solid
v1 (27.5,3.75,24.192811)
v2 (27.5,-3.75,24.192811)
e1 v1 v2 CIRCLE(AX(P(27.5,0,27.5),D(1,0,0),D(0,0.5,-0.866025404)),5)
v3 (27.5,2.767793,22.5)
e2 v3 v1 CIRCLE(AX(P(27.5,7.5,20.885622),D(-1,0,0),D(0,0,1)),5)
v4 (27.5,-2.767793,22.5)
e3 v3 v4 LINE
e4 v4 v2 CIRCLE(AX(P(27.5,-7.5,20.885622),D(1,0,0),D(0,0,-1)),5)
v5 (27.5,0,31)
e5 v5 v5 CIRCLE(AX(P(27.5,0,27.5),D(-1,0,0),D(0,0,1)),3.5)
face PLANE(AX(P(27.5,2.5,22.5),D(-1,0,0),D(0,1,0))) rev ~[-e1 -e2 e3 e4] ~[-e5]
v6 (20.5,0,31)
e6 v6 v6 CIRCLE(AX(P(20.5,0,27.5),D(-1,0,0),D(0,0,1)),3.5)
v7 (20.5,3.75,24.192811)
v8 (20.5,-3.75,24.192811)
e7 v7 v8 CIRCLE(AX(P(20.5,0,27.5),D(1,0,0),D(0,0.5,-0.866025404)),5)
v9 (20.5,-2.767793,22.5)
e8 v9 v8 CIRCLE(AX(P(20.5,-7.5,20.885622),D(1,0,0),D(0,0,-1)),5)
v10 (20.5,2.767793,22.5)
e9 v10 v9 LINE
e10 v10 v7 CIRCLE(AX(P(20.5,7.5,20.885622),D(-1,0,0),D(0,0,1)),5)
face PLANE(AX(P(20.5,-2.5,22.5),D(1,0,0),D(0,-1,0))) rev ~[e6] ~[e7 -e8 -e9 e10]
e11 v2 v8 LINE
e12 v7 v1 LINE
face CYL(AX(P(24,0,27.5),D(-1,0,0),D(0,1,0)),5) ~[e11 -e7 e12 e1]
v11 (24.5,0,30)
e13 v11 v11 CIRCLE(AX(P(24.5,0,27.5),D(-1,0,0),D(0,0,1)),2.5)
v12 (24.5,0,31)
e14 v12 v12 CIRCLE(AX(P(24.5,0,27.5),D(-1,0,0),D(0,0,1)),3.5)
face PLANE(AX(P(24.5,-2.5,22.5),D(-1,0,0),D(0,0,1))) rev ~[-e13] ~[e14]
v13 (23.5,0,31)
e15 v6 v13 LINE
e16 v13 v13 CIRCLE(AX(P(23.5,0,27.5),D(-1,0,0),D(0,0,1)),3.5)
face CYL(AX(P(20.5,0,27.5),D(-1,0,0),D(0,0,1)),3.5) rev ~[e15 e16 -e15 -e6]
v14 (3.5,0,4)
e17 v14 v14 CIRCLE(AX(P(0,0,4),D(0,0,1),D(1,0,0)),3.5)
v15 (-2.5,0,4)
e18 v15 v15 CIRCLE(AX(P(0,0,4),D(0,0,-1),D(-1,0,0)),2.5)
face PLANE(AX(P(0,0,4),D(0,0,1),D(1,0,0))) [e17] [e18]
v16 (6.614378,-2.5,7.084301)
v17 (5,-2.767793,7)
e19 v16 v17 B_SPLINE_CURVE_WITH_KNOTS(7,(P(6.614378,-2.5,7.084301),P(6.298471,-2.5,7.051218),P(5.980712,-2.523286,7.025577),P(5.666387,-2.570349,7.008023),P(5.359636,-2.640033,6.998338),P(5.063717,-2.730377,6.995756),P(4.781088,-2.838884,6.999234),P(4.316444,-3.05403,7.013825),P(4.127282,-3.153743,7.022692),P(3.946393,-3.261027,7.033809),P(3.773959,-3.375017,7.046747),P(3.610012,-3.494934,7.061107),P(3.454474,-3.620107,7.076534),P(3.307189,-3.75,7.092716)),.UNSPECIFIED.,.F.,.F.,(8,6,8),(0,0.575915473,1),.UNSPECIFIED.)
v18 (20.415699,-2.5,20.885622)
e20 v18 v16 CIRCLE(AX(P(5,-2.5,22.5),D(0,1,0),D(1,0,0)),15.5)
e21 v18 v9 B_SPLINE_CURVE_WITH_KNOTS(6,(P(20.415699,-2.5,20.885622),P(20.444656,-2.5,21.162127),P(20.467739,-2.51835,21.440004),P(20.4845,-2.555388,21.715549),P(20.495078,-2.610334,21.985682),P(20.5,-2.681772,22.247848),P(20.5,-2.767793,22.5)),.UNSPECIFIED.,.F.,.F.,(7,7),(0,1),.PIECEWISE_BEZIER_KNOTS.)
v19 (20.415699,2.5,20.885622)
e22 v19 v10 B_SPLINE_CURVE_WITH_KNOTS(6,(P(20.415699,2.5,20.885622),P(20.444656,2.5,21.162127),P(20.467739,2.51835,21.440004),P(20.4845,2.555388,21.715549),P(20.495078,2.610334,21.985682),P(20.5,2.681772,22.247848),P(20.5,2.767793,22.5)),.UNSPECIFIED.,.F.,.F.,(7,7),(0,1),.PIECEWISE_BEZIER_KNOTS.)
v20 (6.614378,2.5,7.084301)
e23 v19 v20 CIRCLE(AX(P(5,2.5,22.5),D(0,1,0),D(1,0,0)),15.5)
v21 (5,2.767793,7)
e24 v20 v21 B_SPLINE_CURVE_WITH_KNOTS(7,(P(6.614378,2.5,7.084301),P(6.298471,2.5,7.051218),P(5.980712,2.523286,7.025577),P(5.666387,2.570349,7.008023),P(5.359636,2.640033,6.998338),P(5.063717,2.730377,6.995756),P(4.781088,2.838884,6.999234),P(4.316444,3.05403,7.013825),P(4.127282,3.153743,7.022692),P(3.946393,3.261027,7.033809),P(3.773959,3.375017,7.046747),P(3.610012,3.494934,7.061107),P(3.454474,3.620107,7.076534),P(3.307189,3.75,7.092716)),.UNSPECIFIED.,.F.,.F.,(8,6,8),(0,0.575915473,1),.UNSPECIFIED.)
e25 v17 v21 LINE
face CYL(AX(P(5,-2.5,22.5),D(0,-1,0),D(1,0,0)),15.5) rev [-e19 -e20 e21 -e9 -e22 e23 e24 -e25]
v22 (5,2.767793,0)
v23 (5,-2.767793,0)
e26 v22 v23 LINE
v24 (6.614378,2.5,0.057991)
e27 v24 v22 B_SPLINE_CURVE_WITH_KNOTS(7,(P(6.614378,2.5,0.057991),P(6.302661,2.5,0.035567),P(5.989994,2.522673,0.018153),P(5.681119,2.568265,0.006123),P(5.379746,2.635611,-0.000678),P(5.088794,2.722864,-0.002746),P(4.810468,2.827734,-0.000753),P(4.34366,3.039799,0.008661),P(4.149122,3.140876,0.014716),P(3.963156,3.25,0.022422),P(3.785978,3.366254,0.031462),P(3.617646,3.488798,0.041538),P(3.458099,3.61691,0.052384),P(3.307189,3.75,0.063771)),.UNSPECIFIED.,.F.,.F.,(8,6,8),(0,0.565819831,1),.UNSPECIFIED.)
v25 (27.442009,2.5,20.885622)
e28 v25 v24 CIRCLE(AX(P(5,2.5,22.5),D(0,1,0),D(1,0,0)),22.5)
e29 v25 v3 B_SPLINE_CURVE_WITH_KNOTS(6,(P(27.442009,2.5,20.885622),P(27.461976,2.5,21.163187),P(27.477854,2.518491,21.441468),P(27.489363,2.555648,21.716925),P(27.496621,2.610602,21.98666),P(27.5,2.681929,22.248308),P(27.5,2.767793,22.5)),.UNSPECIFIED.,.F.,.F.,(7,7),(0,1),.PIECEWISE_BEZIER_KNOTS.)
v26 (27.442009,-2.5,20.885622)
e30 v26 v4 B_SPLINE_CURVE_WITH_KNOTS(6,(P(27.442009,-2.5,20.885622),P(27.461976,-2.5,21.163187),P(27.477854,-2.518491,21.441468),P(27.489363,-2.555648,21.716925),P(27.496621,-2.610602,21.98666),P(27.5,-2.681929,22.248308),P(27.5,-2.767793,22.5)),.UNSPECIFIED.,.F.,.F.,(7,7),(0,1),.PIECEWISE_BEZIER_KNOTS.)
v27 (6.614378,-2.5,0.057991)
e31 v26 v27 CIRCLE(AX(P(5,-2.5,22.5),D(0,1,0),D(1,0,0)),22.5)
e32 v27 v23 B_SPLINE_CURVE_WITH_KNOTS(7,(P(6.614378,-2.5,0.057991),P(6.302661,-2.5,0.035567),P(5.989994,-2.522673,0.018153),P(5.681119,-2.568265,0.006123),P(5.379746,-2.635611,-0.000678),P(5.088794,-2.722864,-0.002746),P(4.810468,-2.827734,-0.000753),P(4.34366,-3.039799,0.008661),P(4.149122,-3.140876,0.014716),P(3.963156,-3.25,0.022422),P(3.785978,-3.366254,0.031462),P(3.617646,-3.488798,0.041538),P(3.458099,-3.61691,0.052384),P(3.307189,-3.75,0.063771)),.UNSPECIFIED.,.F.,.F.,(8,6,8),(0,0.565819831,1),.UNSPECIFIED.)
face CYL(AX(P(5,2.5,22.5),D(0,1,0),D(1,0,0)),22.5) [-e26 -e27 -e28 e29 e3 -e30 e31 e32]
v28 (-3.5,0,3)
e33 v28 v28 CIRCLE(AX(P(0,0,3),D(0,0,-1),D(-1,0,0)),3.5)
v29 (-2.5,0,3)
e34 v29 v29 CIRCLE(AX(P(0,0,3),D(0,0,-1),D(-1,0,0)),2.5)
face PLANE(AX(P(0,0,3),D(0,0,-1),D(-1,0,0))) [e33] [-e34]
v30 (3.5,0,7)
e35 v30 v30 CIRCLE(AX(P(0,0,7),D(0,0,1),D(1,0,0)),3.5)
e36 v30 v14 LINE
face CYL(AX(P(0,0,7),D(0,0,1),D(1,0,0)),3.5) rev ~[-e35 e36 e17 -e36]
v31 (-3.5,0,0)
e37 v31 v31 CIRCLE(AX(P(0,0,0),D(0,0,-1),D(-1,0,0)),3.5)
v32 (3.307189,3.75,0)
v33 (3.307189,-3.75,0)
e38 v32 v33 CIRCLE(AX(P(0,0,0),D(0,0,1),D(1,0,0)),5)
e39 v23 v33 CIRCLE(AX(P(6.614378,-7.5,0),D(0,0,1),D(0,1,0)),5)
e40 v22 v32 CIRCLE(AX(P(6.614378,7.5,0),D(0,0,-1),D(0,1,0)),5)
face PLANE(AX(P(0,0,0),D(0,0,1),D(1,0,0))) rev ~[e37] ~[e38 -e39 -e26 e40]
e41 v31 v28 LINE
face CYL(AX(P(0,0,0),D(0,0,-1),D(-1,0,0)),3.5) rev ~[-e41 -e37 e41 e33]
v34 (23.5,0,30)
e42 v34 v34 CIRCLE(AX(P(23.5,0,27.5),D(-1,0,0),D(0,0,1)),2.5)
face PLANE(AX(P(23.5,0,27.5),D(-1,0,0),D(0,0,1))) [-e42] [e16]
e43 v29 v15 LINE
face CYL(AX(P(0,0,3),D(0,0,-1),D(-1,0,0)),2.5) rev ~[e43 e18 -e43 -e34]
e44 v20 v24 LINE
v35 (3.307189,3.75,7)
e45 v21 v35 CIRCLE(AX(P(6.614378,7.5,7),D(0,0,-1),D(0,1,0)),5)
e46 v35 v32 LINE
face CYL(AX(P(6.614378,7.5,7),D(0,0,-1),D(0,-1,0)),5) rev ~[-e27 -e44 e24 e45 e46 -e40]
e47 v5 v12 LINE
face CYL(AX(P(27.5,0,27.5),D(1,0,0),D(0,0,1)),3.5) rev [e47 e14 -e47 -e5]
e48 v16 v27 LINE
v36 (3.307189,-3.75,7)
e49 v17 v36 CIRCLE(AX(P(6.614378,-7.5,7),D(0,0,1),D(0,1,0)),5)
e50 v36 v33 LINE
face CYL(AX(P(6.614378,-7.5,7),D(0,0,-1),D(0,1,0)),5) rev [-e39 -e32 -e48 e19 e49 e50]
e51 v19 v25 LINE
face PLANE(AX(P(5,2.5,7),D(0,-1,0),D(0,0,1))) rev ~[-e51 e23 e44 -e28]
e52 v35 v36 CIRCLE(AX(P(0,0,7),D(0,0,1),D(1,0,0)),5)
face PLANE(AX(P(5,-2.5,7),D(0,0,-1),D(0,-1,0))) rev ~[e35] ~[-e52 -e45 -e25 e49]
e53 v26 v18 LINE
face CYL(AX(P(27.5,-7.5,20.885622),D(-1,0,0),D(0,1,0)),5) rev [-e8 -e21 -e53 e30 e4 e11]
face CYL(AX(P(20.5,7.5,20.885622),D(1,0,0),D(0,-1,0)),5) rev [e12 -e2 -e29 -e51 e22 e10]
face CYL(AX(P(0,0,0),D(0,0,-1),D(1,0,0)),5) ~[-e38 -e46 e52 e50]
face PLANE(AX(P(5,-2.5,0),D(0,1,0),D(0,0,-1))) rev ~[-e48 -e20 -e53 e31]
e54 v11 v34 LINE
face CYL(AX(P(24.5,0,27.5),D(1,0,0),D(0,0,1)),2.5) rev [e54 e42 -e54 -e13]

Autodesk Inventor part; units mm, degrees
ref_plane "XZ Plane" through (0, 0, 0) normal (0, 1, 0) x (-1, 0, 0)
ref_plane "XY Plane" through (0, 0, 0) normal (0, 0, 1) x (1, 0, 0)
sketch "Sketch1" plane through (0, 0, 0) normal (0, 0, 1) x (1, 0, 0)
  circle A0 centre (0, 0) radius 5
  dimension "d0" = 10
extrude "Extrusion1" add sketch "Sketch1" along normal blind 7
sketch "Sketch2" plane through (0, 0, 0) normal (1, 0, 0) x (0, 1, 0)
  line L0 (-2.5, 7) -> (2.5, 7)
  line L1 (2.5, 7) -> (2.5, 0)
  line L2 (2.5, 0) -> (-2.5, 0)
  line L3 (-2.5, 0) -> (-2.5, 7)
  line L4 (-2.5, 7) -> (2.5, 0) construction
  line L5 (2.5, 7) -> (-2.5, 0) construction
  line L6 (-5, 0) -> (5, 0) projected
  point P0 (0, 0)
  point P1 (0, 3.5)
  dimension "d3" = 3.5
  dimension "d4" = 0
  dimension "d5" = 7
  dimension "d6" = 5
sketch "Sketch3" plane through (0, 0, 0) normal (0, 1, 0) x (-1, 0, 0)
  arc A0 (-25, 22.5) -> (-5, 2.5) centre (-5, 22.5) ccw
  line L0 (-5, 2.5) -> (0, 2.5)
  line L1 (-25, 22.5) -> (-25, 27.5)
  point P0 (0, 0)
  dimension "d14" = 2.5
  dimension "d15" = 5
  dimension "d17" = 5
  dimension "d24" = 5
  dimension "d55" = 20
  dimension "d56" = 0
  dimension "d57" = 20
sweep "Sweep1" add profiles "Sketch2" path "Sketch3"
ref_plane "Work Plane1" through (24, 0, 0) normal (1, 0, 0) x (0, 1, 0)
sketch "Sketch4" plane through (24, 0, 0) normal (1, 0, 0) x (0, 1, 0)
  circle A0 centre (0, 27.5) radius 5
  point P0 (0, 0)
  dimension "d27" = 10
  dimension "d28" = 27.5
  dimension "d29" = 0
extrude "Extrusion2" add sketch "Sketch4" along normal mid plane 7
sketch "Sketch6" plane through (27.5, -2.5, 22.5) normal (-1, 0, 0) x (0, 0, 1)
  circle A0 centre (5, 2.5) radius 3.5
  point P0 (-22.5, 2.5)
  dimension "d32" = 7
  dimension "d33" = 27.5
  dimension "d34" = 0
extrude "Extrusion4" cut sketch "Sketch6" along normal blind 3
sketch "Sketch7" plane through (24.5, 0, 27.5) normal (-1, 0, 0) x (0, 0, 1)
  circle A0 centre (0, 0) radius 2.5
  line L0 (-27.5, 5) -> (-27.5, -5) projected
  point P0 (-27.5, 0)
  point P1 (-27.5, -2.5)
  point P2 (-27.5, 2.5)
  dimension "d37" = 5
  dimension "d38" = 27.5
  dimension "d39" = 0
extrude "Extrusion5" cut sketch "Sketch7" along normal up to next
sketch "Sketch8" plane through (0, 0, 0) normal (0, 0, -1) x (-1, 0, 0)
  circle A0 centre (0, 0) radius 3.5
  dimension "d42" = 7
extrude "Extrusion6" cut sketch "Sketch8" against normal blind 3
sketch "Sketch9" plane through (0, 0, 3) normal (0, 0, -1) x (-1, 0, 0)
  circle A0 centre (0, 0) radius 2.5
  dimension "d45" = 5
extrude "Extrusion7" cut sketch "Sketch9" against normal up to next
fillet "Fillet1" radius 5 4 edges at (24, -2.5, 23.1699) (24, 2.5, 23.1699) (4.3301, -2.5, 3.5) (4.3301, 2.5, 3.5)
sketch "Sketch10" plane through (20.5, 0, 27.5) normal (-1, 0, 0) x (0, 0, 1)
  circle A0 centre (0, 0) radius 3.5
  circle A1 centre (0, 0) radius 2.5 projected
  point P0 (-27.5, 0)
  dimension "d49" = 7
extrude "Extrusion8" cut sketch "Sketch10" against normal blind 3
sketch "Sketch11" plane through (0, 0, 7) normal (0, 0, 1) x (1, 0, 0)
  circle A0 centre (0, 0) radius 3.5
  circle A1 centre (0, 0) radius 2.5 projected
  dimension "d52" = 7
extrude "Extrusion9" cut sketch "Sketch11" against normal blind 3
equation "\"d3\" = 0.5 * d5"
equation "\"d55\" = width"
equation "\"d57\" = height"
equation "\"d33\" = d28"
equation "\"d38\" = d28"
equation "\"width\" = 20"
equation "\"height\" = 20"
properties part number "Link"
